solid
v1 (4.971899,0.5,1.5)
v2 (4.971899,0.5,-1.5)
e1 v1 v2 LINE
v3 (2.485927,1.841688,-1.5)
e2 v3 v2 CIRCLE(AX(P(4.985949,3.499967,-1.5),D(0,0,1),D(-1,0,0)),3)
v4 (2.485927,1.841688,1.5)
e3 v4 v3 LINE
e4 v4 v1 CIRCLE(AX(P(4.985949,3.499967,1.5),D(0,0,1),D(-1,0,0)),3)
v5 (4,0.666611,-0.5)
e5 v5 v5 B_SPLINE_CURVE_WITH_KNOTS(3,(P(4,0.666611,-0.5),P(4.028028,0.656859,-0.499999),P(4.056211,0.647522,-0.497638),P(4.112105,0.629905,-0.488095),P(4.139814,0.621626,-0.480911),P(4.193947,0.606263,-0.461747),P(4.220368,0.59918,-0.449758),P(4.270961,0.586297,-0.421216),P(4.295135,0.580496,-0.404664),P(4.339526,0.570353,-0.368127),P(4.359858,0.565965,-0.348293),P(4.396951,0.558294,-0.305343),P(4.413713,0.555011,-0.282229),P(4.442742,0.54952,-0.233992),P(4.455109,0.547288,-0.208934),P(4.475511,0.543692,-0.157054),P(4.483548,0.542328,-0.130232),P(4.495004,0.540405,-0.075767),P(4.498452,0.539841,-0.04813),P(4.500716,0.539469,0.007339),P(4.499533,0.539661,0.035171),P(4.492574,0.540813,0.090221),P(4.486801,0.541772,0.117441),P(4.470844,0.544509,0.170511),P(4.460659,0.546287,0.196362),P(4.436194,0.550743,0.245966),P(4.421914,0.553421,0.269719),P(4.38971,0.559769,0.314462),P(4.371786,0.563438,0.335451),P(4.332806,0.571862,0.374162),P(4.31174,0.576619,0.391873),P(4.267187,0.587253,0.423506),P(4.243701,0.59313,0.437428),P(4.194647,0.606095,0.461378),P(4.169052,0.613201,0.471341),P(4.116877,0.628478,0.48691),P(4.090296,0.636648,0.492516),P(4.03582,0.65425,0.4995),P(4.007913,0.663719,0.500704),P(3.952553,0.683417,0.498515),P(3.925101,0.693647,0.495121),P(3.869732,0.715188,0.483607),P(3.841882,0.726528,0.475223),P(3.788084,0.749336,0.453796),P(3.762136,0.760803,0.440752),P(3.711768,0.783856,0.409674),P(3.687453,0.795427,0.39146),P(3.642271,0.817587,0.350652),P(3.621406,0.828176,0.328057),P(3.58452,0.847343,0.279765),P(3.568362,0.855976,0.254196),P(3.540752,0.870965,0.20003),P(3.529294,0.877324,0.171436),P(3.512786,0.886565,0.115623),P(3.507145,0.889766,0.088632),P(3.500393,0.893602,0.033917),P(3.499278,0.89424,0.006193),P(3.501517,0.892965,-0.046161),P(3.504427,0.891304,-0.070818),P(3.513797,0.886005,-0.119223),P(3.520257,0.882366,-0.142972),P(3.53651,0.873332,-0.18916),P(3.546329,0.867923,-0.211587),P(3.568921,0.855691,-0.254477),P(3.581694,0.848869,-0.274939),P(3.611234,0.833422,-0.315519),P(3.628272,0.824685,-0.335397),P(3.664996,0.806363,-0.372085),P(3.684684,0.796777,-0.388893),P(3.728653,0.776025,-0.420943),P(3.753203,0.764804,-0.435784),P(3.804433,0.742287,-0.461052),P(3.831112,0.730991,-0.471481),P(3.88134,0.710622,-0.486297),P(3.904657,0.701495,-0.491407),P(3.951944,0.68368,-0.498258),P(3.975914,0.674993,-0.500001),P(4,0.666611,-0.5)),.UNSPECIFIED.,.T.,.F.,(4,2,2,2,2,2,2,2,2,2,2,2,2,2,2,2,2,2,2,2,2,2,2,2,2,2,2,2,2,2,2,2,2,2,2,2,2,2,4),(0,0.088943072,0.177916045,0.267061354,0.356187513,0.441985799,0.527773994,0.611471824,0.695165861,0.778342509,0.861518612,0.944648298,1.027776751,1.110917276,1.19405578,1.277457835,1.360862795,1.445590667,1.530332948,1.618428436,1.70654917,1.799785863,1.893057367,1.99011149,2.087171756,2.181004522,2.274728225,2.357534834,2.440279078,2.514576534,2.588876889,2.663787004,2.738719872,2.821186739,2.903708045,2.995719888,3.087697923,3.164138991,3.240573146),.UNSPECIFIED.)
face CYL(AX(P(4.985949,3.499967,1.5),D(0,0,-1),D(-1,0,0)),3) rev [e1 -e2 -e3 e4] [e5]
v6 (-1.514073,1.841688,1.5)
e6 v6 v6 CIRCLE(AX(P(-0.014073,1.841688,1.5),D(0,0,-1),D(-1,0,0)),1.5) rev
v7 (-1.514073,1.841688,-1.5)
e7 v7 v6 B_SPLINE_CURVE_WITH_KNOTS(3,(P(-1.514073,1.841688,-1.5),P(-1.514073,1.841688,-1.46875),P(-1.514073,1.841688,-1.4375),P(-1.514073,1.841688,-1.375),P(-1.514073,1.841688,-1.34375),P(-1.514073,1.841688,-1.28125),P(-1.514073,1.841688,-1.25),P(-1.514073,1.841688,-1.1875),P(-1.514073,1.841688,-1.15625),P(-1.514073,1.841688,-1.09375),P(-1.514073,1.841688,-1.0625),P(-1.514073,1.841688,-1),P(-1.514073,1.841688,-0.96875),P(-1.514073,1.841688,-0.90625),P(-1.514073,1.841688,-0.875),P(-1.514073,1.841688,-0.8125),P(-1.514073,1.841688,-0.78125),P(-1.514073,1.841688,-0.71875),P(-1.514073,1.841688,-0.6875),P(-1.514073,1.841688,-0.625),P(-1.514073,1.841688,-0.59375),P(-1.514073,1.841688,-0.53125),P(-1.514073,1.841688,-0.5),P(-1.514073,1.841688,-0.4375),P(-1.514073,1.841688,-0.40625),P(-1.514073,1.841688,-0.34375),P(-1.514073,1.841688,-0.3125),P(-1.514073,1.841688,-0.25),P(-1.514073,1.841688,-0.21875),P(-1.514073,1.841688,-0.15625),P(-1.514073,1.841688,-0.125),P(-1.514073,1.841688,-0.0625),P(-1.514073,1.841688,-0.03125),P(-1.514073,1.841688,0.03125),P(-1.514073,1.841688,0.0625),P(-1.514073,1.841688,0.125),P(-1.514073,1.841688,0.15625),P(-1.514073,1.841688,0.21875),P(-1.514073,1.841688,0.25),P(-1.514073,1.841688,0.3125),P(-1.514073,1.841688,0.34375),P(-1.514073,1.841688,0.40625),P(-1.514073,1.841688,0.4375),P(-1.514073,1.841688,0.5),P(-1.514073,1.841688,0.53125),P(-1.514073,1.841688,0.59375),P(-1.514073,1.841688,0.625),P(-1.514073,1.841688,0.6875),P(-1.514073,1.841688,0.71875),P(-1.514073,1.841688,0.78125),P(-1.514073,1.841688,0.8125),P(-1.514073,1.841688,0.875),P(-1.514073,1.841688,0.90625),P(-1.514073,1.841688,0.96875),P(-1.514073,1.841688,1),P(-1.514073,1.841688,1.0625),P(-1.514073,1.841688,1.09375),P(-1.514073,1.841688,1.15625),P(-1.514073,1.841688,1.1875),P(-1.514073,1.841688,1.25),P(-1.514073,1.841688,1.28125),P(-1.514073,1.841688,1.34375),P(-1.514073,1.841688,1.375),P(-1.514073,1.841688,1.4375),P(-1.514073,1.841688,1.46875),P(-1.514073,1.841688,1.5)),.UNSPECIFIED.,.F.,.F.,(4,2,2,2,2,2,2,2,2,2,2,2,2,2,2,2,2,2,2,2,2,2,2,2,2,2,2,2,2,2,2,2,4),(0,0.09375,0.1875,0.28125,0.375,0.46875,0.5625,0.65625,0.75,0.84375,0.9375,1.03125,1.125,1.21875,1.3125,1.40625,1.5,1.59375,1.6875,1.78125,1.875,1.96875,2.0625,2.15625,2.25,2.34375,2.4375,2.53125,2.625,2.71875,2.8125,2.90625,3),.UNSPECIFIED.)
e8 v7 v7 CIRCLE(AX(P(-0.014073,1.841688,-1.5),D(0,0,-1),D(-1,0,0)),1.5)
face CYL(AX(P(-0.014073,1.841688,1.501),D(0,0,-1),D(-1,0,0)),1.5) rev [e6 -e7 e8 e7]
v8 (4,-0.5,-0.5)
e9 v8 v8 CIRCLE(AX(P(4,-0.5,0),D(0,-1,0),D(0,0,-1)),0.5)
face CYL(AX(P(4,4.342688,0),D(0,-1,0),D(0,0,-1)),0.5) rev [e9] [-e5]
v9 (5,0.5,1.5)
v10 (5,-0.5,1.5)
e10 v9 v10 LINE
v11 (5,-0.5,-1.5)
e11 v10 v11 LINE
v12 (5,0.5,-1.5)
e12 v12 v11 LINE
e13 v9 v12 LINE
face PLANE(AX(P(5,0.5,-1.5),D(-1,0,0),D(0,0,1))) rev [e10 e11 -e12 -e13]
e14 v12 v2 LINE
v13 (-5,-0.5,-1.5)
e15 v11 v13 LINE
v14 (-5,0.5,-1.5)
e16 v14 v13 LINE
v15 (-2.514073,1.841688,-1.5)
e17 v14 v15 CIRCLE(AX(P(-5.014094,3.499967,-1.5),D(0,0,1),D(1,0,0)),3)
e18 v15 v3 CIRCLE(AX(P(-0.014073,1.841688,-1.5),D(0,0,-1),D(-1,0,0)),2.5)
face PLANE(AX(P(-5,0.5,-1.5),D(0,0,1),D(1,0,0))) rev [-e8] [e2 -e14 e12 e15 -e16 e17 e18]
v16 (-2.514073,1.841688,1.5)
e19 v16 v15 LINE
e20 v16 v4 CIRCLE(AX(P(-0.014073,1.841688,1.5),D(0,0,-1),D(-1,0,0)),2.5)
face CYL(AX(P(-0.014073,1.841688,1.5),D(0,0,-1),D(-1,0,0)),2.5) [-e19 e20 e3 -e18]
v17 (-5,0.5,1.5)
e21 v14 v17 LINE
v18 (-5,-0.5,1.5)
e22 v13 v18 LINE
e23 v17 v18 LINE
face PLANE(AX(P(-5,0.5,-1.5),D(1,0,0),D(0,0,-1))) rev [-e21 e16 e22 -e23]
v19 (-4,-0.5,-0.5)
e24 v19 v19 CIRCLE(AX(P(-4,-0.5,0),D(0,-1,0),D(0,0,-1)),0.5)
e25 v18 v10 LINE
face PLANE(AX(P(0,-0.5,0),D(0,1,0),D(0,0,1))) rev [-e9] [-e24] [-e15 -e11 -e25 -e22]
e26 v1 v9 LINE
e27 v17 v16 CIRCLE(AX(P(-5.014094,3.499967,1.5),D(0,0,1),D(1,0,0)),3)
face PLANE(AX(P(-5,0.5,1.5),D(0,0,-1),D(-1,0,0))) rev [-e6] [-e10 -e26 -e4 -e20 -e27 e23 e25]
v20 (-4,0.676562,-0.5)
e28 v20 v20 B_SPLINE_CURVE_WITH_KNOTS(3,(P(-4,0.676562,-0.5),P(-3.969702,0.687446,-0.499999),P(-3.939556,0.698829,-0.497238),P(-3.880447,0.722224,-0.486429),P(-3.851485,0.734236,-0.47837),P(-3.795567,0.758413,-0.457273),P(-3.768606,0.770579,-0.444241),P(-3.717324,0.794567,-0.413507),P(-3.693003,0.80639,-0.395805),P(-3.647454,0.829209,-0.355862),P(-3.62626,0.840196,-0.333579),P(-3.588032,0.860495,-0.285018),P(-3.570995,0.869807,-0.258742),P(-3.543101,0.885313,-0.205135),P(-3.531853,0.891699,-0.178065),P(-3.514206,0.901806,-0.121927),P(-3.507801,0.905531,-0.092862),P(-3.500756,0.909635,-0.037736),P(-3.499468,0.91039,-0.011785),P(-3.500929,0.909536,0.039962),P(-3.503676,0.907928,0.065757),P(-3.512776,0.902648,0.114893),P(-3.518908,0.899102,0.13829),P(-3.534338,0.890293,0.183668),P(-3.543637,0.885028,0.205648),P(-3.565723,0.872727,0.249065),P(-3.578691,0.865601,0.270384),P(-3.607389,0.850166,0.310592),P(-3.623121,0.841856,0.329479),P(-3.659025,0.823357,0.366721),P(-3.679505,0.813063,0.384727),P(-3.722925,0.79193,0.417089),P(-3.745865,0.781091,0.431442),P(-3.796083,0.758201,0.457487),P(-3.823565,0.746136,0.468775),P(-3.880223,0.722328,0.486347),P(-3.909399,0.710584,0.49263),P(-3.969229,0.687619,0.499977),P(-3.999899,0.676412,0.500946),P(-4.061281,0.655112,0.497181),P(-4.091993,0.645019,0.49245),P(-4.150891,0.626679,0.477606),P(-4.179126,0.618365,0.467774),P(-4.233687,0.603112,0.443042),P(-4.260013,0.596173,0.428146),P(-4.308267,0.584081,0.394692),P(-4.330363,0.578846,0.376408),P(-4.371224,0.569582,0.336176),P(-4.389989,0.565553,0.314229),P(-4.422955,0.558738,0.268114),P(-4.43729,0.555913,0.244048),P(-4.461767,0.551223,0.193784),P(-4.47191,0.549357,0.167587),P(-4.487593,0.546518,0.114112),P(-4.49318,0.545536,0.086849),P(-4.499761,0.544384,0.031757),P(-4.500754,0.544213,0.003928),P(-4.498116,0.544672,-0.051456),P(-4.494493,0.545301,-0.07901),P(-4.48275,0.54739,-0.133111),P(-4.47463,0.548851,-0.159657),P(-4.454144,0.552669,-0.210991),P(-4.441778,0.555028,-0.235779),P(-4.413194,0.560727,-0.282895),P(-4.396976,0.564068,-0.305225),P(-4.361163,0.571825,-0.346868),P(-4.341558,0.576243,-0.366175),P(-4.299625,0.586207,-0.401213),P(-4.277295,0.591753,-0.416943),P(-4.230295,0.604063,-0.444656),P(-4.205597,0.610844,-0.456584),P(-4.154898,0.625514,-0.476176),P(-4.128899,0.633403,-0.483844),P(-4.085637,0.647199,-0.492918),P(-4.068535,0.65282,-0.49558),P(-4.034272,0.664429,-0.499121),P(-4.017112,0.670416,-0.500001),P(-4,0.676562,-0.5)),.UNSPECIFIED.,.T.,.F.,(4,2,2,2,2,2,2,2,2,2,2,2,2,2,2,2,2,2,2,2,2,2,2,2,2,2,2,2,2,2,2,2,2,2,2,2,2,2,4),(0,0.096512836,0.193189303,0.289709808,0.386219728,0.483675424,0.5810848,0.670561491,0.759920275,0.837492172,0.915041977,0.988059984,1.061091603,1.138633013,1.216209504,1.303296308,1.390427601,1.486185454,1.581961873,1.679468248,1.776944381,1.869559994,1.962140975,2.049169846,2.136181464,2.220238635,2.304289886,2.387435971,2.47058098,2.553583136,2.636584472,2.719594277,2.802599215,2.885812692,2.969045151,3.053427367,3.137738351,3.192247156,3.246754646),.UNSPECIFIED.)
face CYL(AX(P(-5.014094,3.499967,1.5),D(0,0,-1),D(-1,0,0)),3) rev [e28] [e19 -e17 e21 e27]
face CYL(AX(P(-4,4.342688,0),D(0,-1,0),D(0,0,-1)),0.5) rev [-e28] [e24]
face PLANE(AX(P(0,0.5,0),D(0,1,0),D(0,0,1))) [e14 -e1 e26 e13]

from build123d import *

# Parameters (mm, degrees)
SKETCH1_W           = 10
SKETCH1_H           = 3
BOSS_EXTRUDE1_DEPTH = 0.5
BOSS_EXTRUDE2_DEPTH = 3
CUT_EXTRUDE1_REACH  = 9.27
SKETCH4_R           = 1.5
CUT_EXTRUDE2_REACH  = 9.12
SKETCH5_R           = 0.5


with BuildPart() as part:
    # Sketch1 → Boss-Extrude1 (new, symmetric)
    with BuildSketch(Plane(origin=(0, 0, 0), x_dir=(1, 0, 0), z_dir=(0, 1, 0))):
        Rectangle(SKETCH1_W, SKETCH1_H)
    extrude(amount=BOSS_EXTRUDE1_DEPTH, both=True)

    # Sketch3 → Boss-Extrude2 (add)
    with BuildSketch(Plane(origin=(0, 0, -1.5), x_dir=(-1, 0, 0), z_dir=(0, 0, -1))):
        with BuildLine():
            Line((-5, 0.5), (-5, 0))
            Line((-5, 0), (5, 0))
            Line((5, 0), (5, 0.5))
            ThreePointArc((5, 0.5), (3.589234213, 0.859934084), (2.514072517, 1.841687605))
            ThreePointArc((2.514072517, 1.841687605), (0.014072517, 4.341687605), (-2.485927483, 1.841687605))
            ThreePointArc((-2.485927483, 1.841687605), (-3.573488857, 0.853279454), (-5, 0.5))
        make_face()
    extrude(amount=-BOSS_EXTRUDE2_DEPTH)

    # Sketch4 → Cut-Extrude1 (cut, up to next)
    with BuildSketch(Plane(origin=(0, 0, -1.5), x_dir=(-1, 0, 0), z_dir=(0, 0, -1)), mode=Mode.PRIVATE) as cut_extrude1_sk1:
        with Locations((0.014072517, 1.841687605)):
            Circle(SKETCH4_R)
    cut_extrude1_tool1 = extrude(cut_extrude1_sk1.sketch, amount=-CUT_EXTRUDE1_REACH, mode=Mode.PRIVATE) & part.part
    add(cut_extrude1_tool1.solids().sort_by_distance((-0.014073, 1.841688, -1.5))[0], mode=Mode.SUBTRACT)

    # Sketch5 → Cut-Extrude2 (cut, up to next)
    with BuildSketch(Plane.XZ.offset(0.5), mode=Mode.PRIVATE) as cut_extrude2_sk1:
        with Locations(Location((-4, 0, 0), (0, 0, 270))):
            Circle(SKETCH5_R)
    cut_extrude2_tool1 = extrude(cut_extrude2_sk1.sketch, amount=-CUT_EXTRUDE2_REACH, mode=Mode.PRIVATE) & part.part
    # Sketch5 → Cut-Extrude2 (cut, up to next)
    with BuildSketch(Plane.XZ.offset(0.5), mode=Mode.PRIVATE) as cut_extrude2_sk2:
        with Locations(Location((4, 0, 0), (0, 0, 270))):
            Circle(SKETCH5_R)
    cut_extrude2_tool2 = extrude(cut_extrude2_sk2.sketch, amount=-CUT_EXTRUDE2_REACH, mode=Mode.PRIVATE) & part.part
    add(cut_extrude2_tool1.solids().sort_by_distance((-4, -0.5, 0))[0], mode=Mode.SUBTRACT)
    add(cut_extrude2_tool2.solids().sort_by_distance((4, -0.5, 0))[0], mode=Mode.SUBTRACT)


solid = part.part
